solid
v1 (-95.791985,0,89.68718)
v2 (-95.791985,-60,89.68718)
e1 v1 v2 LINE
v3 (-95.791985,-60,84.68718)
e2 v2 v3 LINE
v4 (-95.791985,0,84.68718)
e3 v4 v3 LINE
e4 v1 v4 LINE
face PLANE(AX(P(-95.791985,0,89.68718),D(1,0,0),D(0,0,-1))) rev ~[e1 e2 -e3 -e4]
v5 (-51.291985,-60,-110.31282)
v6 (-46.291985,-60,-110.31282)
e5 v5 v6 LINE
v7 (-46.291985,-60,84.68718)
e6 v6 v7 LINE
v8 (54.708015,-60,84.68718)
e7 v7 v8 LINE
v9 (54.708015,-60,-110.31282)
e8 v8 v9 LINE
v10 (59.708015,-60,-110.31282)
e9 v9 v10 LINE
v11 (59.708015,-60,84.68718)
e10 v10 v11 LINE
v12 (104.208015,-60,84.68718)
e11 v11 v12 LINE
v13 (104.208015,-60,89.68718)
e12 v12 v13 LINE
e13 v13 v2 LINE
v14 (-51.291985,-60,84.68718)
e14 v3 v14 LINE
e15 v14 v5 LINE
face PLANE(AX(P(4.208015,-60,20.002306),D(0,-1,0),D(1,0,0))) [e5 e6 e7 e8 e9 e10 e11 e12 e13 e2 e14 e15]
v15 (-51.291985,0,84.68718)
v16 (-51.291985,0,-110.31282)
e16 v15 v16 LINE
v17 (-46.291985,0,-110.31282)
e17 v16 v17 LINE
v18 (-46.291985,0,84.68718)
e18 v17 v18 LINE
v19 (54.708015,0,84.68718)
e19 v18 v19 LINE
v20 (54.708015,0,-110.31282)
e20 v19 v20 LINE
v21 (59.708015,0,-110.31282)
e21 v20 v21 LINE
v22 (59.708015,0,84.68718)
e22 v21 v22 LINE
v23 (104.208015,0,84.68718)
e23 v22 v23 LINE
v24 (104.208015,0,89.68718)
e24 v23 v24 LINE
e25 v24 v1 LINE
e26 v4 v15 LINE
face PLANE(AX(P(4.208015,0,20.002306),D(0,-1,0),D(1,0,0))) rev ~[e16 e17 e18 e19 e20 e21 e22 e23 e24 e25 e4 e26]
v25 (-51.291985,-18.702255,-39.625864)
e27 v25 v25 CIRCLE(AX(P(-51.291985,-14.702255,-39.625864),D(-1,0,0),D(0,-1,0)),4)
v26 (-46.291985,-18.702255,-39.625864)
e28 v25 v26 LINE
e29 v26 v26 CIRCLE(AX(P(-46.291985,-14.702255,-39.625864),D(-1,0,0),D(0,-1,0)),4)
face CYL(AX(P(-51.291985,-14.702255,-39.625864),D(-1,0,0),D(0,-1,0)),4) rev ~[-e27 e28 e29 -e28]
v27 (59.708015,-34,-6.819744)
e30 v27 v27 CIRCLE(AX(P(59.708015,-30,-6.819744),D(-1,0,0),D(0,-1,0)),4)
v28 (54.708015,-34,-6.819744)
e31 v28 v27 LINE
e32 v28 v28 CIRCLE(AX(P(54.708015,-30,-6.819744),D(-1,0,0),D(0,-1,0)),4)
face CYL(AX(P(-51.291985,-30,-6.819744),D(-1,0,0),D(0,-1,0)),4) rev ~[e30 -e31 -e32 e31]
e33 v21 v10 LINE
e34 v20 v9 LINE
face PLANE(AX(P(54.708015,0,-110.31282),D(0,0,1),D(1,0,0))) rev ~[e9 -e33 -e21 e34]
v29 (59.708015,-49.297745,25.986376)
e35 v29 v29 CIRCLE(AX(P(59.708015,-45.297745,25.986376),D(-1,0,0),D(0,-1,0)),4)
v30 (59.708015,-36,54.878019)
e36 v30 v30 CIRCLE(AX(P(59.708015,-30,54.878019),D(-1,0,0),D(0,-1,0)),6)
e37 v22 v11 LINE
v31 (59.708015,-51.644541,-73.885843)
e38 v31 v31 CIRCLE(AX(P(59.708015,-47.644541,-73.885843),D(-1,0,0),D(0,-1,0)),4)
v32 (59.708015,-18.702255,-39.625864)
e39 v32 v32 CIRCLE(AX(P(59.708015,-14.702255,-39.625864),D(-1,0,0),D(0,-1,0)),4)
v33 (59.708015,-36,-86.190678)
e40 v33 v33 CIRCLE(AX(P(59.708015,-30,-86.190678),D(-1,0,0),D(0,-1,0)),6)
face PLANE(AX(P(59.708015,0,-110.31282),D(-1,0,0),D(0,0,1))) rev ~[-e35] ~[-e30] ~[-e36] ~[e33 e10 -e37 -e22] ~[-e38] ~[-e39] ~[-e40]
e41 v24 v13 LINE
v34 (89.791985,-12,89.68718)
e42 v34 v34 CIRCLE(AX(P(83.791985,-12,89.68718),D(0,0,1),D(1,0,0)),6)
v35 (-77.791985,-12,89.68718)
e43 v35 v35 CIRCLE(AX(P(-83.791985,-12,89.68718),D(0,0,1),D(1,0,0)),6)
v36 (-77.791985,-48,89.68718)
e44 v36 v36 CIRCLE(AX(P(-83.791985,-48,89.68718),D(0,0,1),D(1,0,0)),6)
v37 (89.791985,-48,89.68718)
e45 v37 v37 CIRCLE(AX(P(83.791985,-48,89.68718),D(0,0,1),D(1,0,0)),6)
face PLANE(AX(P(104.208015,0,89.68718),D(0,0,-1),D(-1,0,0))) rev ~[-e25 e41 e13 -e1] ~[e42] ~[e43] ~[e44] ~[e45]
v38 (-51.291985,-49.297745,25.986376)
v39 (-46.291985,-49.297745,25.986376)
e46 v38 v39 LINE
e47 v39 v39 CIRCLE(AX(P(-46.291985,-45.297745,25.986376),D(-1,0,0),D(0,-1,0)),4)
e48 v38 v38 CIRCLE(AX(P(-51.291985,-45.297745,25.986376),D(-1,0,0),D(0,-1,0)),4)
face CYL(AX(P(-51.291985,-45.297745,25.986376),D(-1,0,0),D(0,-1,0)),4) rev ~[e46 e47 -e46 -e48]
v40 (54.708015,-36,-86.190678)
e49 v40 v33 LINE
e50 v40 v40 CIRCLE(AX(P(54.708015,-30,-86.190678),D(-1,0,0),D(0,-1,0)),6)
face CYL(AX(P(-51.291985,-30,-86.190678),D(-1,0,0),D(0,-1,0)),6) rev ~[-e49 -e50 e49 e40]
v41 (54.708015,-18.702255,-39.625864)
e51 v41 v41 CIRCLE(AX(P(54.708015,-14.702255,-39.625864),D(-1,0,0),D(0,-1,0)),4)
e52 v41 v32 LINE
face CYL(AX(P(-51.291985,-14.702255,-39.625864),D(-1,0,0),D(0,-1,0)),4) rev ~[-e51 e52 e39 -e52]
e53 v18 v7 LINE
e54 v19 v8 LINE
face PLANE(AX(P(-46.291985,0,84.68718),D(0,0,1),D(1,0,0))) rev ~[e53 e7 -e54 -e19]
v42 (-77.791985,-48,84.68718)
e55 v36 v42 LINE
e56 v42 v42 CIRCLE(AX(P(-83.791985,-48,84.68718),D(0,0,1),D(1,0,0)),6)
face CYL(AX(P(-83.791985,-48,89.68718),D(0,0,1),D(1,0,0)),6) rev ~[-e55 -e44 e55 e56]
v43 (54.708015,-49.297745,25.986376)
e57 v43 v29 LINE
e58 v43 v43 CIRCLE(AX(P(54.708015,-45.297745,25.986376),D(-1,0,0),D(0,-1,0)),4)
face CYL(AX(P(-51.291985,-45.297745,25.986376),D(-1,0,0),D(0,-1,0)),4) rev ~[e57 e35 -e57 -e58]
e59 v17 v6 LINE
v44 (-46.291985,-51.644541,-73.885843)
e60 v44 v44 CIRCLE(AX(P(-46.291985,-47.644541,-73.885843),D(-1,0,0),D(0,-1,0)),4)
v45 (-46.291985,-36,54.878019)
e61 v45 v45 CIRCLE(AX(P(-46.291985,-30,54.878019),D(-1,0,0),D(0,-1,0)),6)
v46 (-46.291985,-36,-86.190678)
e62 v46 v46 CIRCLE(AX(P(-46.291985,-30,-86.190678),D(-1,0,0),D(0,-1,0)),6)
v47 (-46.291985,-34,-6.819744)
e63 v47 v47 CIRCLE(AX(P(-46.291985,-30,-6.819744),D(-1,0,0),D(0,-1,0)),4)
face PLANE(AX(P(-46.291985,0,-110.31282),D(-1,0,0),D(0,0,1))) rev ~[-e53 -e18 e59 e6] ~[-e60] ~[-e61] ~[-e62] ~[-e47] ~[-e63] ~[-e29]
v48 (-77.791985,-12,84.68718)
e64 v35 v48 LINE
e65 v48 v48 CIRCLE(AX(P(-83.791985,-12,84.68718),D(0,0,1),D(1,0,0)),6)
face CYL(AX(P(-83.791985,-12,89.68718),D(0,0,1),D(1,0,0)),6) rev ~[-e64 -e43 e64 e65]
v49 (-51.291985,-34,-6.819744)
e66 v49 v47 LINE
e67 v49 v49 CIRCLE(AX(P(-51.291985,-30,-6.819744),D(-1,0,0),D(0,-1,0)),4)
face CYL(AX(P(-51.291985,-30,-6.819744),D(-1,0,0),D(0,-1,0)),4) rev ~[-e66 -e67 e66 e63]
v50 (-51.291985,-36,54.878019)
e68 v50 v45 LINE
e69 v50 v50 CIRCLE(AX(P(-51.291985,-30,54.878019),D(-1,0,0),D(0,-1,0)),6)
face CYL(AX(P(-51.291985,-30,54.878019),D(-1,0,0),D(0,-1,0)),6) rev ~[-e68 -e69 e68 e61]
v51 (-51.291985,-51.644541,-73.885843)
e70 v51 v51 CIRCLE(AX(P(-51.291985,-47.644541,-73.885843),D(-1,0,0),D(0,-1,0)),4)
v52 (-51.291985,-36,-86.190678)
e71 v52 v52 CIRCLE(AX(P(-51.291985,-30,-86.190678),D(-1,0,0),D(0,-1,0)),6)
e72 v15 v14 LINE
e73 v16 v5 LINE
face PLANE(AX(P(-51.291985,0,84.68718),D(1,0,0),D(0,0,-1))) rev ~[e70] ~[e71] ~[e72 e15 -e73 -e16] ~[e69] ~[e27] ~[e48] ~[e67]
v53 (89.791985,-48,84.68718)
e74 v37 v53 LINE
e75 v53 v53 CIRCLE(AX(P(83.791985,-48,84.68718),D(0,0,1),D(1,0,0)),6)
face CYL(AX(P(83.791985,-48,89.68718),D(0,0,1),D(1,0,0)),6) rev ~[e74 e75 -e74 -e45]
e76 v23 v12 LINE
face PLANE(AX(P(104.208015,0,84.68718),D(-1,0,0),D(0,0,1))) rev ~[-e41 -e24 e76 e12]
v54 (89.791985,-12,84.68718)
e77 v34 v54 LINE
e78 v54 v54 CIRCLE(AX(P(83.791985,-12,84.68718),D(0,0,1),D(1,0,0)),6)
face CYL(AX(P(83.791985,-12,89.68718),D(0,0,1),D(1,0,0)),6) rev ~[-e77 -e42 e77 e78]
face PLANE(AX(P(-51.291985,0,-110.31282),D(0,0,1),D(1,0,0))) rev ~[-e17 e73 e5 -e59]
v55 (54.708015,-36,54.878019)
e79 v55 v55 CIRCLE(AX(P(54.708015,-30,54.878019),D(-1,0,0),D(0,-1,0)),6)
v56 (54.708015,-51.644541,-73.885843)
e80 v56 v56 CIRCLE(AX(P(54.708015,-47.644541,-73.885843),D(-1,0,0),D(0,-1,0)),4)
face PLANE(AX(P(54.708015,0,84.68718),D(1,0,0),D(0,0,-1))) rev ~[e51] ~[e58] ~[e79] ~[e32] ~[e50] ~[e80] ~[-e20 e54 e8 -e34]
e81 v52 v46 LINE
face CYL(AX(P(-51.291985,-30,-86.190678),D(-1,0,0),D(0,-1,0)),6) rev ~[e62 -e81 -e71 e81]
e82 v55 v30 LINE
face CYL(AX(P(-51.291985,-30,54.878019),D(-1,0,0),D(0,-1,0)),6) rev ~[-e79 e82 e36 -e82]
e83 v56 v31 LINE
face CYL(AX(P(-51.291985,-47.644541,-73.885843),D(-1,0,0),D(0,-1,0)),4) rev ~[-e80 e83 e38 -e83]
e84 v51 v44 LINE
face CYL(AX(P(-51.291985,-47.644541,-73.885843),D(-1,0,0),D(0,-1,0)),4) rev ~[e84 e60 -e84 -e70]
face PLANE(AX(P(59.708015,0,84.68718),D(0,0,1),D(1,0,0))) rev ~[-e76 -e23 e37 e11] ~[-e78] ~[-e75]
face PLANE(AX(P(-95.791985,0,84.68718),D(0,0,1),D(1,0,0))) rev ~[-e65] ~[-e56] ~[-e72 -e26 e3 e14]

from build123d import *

# Parameters (mm, degrees)
F1_DEPTH = 60
F2_R     = 6
F3_DEPTH = 25
F4_R     = 6
F4_R_2   = 4
F5_DEPTH = 155.501


with BuildPart() as f1:
    # F0 (on Front) → F1 (new body)
    with BuildSketch(Plane.XZ):
        Polygon((104.208015, 89.68718), (-95.791985, 89.68718), (-95.791985, 84.68718), (-51.291985, 84.68718), (-51.291985, -110.31282), (-46.291985, -110.31282), (-46.291985, 84.68718), (54.708015, 84.68718), (54.708015, -110.31282), (59.708015, -110.31282), (59.708015, 84.68718), (104.208015, 84.68718), align=None)
    extrude(amount=F1_DEPTH)

    # F2 (on face) → F3 (cut)
    with BuildSketch(Plane.XY.offset(89.68718)):
        with Locations((-83.791985, -12)):
            Circle(F2_R)
        with Locations((83.791985, -12)):
            Circle(F2_R)
        with Locations((-83.791985, -48)):
            Circle(F2_R)
        with Locations((83.791985, -48)):
            Circle(F2_R)
    extrude(amount=-F3_DEPTH, mode=Mode.SUBTRACT)

    # F4 (on face) → F5 (cut, through all)
    with BuildSketch(Plane(origin=(-51.291985, 0, 0), x_dir=(0, -1, 0), z_dir=(-1, 0, 0))):
        with Locations((30, 54.878019)):
            Circle(F4_R)
        with Locations((30, -86.190678)):
            Circle(F4_R)
        with Locations((30, -6.819744)):
            Circle(F4_R_2)
        with Locations((14.702255, -39.625864)):
            Circle(F4_R_2)
        with Locations((45.297745, 25.986376)):
            Circle(F4_R_2)
        with Locations((47.644541, -73.885843)):
            Circle(F4_R_2)
    extrude(amount=-F5_DEPTH, mode=Mode.SUBTRACT)


solid = f1.part
